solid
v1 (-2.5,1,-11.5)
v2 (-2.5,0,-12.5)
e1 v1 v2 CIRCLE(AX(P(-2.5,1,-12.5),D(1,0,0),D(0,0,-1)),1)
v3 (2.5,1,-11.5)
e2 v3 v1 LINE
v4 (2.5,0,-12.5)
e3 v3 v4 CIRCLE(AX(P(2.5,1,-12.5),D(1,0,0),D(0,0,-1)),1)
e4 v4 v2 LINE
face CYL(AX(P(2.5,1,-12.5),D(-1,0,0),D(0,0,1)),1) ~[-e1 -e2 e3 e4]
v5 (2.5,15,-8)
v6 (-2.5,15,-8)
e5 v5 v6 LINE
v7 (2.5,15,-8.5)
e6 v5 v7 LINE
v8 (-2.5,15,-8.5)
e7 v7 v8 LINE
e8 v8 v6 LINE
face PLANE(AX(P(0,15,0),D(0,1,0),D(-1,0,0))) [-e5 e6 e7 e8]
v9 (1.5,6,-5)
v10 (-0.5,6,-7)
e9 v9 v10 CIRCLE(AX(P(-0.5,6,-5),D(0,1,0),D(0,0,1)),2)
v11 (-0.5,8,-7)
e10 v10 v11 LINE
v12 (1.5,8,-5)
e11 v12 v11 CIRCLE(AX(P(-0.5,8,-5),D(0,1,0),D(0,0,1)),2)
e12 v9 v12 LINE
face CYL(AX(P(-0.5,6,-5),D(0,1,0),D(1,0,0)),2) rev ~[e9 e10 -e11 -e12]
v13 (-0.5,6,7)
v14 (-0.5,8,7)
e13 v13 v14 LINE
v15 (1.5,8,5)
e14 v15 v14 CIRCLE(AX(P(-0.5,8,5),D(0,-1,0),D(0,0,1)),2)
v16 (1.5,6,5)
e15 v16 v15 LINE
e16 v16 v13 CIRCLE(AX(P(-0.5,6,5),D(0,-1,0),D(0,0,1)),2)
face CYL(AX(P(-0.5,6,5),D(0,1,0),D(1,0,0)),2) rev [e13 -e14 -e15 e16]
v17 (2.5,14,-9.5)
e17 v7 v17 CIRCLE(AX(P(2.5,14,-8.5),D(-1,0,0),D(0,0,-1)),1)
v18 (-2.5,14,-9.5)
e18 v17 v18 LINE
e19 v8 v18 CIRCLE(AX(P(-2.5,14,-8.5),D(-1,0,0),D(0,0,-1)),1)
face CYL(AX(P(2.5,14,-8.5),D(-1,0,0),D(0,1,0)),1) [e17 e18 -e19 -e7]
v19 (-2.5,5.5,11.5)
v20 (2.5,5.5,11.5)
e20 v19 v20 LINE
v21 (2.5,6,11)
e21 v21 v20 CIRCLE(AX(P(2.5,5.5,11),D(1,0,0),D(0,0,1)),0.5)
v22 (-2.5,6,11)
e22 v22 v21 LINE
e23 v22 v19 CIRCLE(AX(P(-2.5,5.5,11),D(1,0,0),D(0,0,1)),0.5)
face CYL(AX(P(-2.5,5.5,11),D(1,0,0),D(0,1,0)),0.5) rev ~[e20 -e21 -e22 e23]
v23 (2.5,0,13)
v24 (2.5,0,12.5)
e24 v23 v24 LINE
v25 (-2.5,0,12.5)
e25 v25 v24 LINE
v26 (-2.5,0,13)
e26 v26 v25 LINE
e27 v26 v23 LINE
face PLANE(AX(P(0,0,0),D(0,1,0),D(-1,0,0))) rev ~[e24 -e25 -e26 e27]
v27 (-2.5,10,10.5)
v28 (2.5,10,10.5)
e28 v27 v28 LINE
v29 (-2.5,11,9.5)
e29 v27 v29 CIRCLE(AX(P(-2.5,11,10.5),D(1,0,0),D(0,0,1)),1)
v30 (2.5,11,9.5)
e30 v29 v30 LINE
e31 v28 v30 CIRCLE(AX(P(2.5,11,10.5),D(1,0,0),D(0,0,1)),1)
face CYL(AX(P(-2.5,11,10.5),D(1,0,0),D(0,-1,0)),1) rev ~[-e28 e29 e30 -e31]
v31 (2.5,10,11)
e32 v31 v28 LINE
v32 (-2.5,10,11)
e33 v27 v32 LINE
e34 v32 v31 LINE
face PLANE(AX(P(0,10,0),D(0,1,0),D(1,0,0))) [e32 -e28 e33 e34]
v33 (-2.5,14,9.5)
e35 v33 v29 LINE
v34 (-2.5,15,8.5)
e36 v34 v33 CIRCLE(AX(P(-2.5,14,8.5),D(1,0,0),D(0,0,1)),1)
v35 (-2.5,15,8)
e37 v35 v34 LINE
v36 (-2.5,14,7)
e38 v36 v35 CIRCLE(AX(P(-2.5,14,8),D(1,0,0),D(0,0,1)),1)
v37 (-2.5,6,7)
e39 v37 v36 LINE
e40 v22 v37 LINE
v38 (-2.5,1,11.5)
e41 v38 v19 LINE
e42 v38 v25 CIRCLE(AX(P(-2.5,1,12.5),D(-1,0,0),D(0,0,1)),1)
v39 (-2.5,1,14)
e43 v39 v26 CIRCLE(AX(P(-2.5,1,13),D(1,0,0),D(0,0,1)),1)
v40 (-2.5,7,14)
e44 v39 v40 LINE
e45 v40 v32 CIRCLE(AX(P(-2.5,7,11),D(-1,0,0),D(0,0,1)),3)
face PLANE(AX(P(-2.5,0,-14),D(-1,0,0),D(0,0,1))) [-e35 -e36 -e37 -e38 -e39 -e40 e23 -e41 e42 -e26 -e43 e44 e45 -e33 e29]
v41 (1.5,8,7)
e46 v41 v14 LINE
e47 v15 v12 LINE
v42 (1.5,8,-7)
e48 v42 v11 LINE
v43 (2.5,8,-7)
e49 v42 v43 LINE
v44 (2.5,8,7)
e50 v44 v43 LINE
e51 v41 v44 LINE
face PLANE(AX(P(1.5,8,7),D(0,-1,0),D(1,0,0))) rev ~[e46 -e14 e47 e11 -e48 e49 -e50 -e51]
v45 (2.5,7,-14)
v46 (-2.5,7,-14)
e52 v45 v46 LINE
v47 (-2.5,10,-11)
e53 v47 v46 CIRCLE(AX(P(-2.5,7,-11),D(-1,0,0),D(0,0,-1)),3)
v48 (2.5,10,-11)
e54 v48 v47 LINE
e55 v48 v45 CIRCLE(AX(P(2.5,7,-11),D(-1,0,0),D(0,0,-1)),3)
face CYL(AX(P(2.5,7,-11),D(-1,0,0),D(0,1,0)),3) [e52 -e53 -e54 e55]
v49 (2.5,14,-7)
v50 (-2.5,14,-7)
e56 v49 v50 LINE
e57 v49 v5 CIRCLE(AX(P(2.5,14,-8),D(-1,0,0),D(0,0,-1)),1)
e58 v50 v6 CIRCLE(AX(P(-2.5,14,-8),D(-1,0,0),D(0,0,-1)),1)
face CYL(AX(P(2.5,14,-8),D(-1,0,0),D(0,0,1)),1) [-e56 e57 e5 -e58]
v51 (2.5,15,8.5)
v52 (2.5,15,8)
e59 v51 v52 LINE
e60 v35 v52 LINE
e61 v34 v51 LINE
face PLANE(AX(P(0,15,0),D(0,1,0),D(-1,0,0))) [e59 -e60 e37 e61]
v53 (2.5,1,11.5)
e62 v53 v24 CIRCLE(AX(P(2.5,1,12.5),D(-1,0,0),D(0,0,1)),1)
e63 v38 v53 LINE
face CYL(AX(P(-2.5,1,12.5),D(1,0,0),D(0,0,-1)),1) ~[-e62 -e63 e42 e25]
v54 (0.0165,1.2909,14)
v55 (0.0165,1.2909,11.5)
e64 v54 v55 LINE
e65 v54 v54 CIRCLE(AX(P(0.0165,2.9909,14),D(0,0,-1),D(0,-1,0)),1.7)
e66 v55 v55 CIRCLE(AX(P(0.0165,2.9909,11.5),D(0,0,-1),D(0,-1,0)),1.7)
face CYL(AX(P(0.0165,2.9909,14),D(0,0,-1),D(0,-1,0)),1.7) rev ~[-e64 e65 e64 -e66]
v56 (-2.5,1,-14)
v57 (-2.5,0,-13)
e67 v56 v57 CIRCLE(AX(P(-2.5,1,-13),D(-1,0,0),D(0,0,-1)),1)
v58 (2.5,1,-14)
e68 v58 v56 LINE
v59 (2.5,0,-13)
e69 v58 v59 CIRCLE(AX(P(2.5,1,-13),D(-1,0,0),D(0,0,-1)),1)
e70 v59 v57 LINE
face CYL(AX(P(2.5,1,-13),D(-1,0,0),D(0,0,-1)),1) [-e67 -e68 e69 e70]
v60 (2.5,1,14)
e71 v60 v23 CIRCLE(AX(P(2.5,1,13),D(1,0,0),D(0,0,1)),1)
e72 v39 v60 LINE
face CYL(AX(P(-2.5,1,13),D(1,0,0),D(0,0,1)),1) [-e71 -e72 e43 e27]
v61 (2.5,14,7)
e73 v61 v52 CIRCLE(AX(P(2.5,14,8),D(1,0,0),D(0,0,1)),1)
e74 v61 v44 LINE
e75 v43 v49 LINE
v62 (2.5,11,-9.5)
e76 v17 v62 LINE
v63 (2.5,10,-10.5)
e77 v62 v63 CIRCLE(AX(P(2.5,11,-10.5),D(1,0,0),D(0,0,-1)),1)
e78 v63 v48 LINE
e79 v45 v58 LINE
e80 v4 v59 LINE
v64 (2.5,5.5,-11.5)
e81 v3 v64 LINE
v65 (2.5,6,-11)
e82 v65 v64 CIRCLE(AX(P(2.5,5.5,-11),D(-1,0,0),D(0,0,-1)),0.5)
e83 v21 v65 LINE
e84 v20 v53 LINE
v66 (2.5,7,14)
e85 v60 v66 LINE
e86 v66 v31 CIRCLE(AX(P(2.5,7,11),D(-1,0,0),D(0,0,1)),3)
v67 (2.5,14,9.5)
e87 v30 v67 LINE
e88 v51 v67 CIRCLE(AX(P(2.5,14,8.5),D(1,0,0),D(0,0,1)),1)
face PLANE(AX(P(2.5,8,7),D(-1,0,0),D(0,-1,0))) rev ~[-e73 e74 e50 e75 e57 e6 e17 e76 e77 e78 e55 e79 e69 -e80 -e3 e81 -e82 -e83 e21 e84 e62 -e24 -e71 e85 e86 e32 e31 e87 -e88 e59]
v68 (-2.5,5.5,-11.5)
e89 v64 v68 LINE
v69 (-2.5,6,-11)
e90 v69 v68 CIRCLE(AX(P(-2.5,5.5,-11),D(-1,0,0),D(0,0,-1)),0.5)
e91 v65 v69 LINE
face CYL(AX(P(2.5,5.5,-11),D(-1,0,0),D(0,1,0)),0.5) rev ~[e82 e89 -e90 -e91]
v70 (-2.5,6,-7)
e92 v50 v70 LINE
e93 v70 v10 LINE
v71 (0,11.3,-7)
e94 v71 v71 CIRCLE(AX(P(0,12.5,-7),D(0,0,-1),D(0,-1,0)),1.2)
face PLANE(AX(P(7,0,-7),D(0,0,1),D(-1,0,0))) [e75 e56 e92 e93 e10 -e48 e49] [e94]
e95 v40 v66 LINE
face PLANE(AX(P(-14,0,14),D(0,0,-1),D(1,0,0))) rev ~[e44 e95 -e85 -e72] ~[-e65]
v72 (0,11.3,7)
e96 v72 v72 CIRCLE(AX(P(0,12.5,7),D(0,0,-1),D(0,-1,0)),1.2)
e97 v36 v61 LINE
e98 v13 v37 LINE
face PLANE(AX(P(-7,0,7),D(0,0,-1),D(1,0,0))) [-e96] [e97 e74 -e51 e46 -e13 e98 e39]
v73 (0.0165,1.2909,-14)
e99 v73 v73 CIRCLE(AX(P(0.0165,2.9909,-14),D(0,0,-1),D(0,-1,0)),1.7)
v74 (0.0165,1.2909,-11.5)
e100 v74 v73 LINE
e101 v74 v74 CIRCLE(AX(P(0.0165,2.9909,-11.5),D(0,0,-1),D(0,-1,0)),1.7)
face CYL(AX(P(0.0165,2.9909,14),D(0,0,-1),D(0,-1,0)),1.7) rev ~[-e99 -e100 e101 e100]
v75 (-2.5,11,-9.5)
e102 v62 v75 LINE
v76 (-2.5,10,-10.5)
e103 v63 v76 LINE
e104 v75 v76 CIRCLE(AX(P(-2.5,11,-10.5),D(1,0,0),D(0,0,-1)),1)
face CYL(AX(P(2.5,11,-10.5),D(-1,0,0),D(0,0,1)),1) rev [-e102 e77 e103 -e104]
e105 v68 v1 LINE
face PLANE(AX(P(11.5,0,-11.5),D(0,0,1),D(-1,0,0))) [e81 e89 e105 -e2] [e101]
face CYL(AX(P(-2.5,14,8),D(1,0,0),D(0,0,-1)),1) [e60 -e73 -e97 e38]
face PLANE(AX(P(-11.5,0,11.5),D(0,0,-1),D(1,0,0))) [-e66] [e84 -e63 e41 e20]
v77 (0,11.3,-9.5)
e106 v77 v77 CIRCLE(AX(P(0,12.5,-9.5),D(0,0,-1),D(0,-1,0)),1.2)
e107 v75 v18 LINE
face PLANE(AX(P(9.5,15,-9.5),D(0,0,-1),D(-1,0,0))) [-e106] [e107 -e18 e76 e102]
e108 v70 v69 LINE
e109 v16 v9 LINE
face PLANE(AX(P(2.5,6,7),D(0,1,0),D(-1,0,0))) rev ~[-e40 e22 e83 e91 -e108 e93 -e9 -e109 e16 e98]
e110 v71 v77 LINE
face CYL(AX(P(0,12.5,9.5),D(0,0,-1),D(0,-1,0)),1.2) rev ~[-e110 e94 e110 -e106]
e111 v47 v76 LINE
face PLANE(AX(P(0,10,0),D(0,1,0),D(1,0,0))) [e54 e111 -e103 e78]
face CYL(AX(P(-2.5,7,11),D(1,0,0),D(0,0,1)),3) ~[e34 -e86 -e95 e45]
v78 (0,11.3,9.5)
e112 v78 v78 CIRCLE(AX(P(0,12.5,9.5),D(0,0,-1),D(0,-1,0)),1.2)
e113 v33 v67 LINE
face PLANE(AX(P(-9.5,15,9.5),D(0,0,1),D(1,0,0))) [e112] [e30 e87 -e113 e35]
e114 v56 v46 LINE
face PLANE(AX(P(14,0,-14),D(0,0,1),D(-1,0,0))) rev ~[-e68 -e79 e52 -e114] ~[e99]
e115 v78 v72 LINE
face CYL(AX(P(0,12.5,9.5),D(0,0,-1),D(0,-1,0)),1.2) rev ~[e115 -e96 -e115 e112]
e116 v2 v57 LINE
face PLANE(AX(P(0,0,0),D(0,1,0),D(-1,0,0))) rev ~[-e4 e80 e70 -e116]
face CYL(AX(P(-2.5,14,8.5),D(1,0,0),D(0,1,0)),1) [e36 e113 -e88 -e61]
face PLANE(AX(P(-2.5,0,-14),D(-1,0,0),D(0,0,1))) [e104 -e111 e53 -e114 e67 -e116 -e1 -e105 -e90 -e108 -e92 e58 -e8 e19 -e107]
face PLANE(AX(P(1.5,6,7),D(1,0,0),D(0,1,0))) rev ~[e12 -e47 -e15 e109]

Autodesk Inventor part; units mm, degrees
ref_plane "YZ Plane" through (0, 0, 0) normal (1, 0, 0) x (0, 1, 0)
ref_plane "XZ Plane" through (0, 0, 0) normal (0, 1, 0) x (-1, 0, 0)
ref_plane "XY Plane" through (0, 0, 0) normal (0, 0, 1) x (1, 0, 0)
sketch "Эскиз1" plane through (0, 0, 0) normal (0, 1, 0) x (-1, 0, 0)
  line L0 (-7, -7) -> (7, -7)
  line L1 (7, -7) -> (7, 7)
  line L2 (7, 7) -> (-7, 7)
  line L3 (-7, 7) -> (-7, -7)
  line L4 (-7, -7) -> (7, 7) construction
  line L5 (7, -7) -> (-7, 7) construction
  line L6 (-14, -14) -> (14, -14)
  line L7 (14, -14) -> (14, 14)
  line L8 (14, 14) -> (-14, 14)
  line L9 (-14, 14) -> (-14, -14)
  line L10 (-14, -14) -> (14, 14) construction
  line L11 (14, -14) -> (-14, 14) construction
  point P0 (0, 0)
  dimension "d0" = 14
  dimension "d1" = 14
  dimension "d2" = 28
  dimension "d3" = 28
extrude "Выдавливание1" add sketch "Эскиз1" along normal blind 15
sketch "Эскиз2" plane through (0, 15, 0) normal (0, 1, 0) x (1, 0, 0)
  line L0 (9.5, 9.5) -> (-9.5, 9.5)
  line L1 (-9.5, 9.5) -> (-9.5, -9.5)
  line L2 (-9.5, -9.5) -> (9.5, -9.5)
  line L3 (9.5, -9.5) -> (9.5, 9.5)
  line L4 (9.5, 9.5) -> (-9.5, -9.5) construction
  line L5 (-9.5, 9.5) -> (9.5, -9.5) construction
  line L6 (-14, 14) -> (-14, -14) projected
  line L7 (14, 14) -> (-14, 14)
  line L8 (-14, 14) -> (-14, -14)
  line L9 (-14, -14) -> (14, -14)
  line L10 (14, -14) -> (14, 14)
  line L11 (14, 14) -> (-14, -14) construction
  line L12 (-14, 14) -> (14, -14) construction
  point P0 (0, 0)
  dimension "d6" = 19
  dimension "d7" = 19
extrude "Выдавливание2" cut sketch "Эскиз2" against normal blind 5
sketch "Эскиз4" plane through (-9.5, 15, 9.5) normal (0, 0, 1) x (1, 0, 0)
  point P0 (9.5, -15)
  point P1 (9.5, -2.5)
hole "Отверстие1" at (0, 12.5, 9.5) direction (0, 0, -1) diameter 2.4 end through all clearance for "Винт крепежный с плоской головкой" size "M2" standard "ANSI метрическая"
sketch "Эскиз5" plane through (-14, 0, 14) normal (0, 0, 1) x (1, 0, 0)
  point P0 (14, 0)
  point P1 (14.0165, 2.9909)
hole "Отверстие2" at (0.0165, 2.9909, 14) direction (0, 0, -1) diameter 3.4 end through all clearance for "Винт крепежный с плоской головкой" size "M3" standard "ANSI метрическая"
sketch "Эскиз6" plane through (0, 0, 0) normal (0, -1, 0) x (1, 0, 0)
  line L0 (11.5, -11.5) -> (-11.5, -11.5)
  line L1 (-11.5, -11.5) -> (-11.5, 11.5)
  line L2 (-11.5, 11.5) -> (11.5, 11.5)
  line L3 (11.5, 11.5) -> (11.5, -11.5)
  line L4 (11.5, -11.5) -> (-11.5, 11.5) construction
  line L5 (-11.5, -11.5) -> (11.5, 11.5) construction
  point P0 (0, 0)
  dimension "d24" = 23
  dimension "d25" = 23
extrude "Выдавливание3" cut sketch "Эскиз6" against normal blind 6
sketch "Эскиз7" plane through (-14, 0, -14) normal (-1, 0, 0) x (0, 0, 1)
  line L0 (28, 0) -> (28, 10) projected
  line L1 (28, 0) -> (0, 0)
  line L2 (0, 0) -> (0, 15.2302)
  line L3 (0, 15.2302) -> (28, 15.2302)
  line L4 (28, 15.2302) -> (28, 0)
  point P0 (14, 0)
extrude "Выдавливание4" cut sketch "Эскиз7" against normal blind 11.5
sketch "Эскиз8" plane through (14, 0, 14) normal (1, 0, 0) x (0, 0, -1)
  line L0 (0, 0) -> (28, 0) projected
  line L1 (28, 0) -> (0, 0)
  line L2 (0, 0) -> (0, 16.0654)
  line L3 (0, 16.0654) -> (28, 16.0654)
  line L4 (28, 16.0654) -> (28, 0)
  point P0 (14, 0)
extrude "Выдавливание5" cut sketch "Эскиз8" against normal blind 11.5
sketch "Эскиз9" plane through (-2.5, 6, 7) normal (0, 0, -1) x (-1, 0, 0)
  line L0 (-5, 9) -> (-5, 0) projected
  line L1 (-5, 0) -> (-4, 0)
  line L2 (-4, 0) -> (-4, 2)
  line L3 (-4, 2) -> (-5, 2)
  line L4 (-5, 2) -> (-5, 0)
  point P0 (-2.5, -6)
  dimension "d32" = 1
  dimension "d35" = 2
extrude "Выдавливание6" add sketch "Эскиз9" along normal blind 14
fillet "Сопряжение1" radius 2 2 edges at (1.5, 7, 7) (1.5, 7, -7)
fillet "Сопряжение1" radius 1 10 edges at (0, 15, 9.5) (0, 15, 7) (0, 15, -9.5) (0, 15, -7) (0, 10, -9.5) (0, 10, 9.5) (0, 0, 11.5) (0, 0, 14) (0, 0, -14) (0, 0, -11.5)
fillet "Сопряжение1" radius 0.5 2 edges at (0, 6, 11.5) (0, 6, -11.5)
fillet "Сопряжение1" radius 3 2 edges at (0, 10, -14) (0, 10, 14)
properties part number "14mmto28mm"
